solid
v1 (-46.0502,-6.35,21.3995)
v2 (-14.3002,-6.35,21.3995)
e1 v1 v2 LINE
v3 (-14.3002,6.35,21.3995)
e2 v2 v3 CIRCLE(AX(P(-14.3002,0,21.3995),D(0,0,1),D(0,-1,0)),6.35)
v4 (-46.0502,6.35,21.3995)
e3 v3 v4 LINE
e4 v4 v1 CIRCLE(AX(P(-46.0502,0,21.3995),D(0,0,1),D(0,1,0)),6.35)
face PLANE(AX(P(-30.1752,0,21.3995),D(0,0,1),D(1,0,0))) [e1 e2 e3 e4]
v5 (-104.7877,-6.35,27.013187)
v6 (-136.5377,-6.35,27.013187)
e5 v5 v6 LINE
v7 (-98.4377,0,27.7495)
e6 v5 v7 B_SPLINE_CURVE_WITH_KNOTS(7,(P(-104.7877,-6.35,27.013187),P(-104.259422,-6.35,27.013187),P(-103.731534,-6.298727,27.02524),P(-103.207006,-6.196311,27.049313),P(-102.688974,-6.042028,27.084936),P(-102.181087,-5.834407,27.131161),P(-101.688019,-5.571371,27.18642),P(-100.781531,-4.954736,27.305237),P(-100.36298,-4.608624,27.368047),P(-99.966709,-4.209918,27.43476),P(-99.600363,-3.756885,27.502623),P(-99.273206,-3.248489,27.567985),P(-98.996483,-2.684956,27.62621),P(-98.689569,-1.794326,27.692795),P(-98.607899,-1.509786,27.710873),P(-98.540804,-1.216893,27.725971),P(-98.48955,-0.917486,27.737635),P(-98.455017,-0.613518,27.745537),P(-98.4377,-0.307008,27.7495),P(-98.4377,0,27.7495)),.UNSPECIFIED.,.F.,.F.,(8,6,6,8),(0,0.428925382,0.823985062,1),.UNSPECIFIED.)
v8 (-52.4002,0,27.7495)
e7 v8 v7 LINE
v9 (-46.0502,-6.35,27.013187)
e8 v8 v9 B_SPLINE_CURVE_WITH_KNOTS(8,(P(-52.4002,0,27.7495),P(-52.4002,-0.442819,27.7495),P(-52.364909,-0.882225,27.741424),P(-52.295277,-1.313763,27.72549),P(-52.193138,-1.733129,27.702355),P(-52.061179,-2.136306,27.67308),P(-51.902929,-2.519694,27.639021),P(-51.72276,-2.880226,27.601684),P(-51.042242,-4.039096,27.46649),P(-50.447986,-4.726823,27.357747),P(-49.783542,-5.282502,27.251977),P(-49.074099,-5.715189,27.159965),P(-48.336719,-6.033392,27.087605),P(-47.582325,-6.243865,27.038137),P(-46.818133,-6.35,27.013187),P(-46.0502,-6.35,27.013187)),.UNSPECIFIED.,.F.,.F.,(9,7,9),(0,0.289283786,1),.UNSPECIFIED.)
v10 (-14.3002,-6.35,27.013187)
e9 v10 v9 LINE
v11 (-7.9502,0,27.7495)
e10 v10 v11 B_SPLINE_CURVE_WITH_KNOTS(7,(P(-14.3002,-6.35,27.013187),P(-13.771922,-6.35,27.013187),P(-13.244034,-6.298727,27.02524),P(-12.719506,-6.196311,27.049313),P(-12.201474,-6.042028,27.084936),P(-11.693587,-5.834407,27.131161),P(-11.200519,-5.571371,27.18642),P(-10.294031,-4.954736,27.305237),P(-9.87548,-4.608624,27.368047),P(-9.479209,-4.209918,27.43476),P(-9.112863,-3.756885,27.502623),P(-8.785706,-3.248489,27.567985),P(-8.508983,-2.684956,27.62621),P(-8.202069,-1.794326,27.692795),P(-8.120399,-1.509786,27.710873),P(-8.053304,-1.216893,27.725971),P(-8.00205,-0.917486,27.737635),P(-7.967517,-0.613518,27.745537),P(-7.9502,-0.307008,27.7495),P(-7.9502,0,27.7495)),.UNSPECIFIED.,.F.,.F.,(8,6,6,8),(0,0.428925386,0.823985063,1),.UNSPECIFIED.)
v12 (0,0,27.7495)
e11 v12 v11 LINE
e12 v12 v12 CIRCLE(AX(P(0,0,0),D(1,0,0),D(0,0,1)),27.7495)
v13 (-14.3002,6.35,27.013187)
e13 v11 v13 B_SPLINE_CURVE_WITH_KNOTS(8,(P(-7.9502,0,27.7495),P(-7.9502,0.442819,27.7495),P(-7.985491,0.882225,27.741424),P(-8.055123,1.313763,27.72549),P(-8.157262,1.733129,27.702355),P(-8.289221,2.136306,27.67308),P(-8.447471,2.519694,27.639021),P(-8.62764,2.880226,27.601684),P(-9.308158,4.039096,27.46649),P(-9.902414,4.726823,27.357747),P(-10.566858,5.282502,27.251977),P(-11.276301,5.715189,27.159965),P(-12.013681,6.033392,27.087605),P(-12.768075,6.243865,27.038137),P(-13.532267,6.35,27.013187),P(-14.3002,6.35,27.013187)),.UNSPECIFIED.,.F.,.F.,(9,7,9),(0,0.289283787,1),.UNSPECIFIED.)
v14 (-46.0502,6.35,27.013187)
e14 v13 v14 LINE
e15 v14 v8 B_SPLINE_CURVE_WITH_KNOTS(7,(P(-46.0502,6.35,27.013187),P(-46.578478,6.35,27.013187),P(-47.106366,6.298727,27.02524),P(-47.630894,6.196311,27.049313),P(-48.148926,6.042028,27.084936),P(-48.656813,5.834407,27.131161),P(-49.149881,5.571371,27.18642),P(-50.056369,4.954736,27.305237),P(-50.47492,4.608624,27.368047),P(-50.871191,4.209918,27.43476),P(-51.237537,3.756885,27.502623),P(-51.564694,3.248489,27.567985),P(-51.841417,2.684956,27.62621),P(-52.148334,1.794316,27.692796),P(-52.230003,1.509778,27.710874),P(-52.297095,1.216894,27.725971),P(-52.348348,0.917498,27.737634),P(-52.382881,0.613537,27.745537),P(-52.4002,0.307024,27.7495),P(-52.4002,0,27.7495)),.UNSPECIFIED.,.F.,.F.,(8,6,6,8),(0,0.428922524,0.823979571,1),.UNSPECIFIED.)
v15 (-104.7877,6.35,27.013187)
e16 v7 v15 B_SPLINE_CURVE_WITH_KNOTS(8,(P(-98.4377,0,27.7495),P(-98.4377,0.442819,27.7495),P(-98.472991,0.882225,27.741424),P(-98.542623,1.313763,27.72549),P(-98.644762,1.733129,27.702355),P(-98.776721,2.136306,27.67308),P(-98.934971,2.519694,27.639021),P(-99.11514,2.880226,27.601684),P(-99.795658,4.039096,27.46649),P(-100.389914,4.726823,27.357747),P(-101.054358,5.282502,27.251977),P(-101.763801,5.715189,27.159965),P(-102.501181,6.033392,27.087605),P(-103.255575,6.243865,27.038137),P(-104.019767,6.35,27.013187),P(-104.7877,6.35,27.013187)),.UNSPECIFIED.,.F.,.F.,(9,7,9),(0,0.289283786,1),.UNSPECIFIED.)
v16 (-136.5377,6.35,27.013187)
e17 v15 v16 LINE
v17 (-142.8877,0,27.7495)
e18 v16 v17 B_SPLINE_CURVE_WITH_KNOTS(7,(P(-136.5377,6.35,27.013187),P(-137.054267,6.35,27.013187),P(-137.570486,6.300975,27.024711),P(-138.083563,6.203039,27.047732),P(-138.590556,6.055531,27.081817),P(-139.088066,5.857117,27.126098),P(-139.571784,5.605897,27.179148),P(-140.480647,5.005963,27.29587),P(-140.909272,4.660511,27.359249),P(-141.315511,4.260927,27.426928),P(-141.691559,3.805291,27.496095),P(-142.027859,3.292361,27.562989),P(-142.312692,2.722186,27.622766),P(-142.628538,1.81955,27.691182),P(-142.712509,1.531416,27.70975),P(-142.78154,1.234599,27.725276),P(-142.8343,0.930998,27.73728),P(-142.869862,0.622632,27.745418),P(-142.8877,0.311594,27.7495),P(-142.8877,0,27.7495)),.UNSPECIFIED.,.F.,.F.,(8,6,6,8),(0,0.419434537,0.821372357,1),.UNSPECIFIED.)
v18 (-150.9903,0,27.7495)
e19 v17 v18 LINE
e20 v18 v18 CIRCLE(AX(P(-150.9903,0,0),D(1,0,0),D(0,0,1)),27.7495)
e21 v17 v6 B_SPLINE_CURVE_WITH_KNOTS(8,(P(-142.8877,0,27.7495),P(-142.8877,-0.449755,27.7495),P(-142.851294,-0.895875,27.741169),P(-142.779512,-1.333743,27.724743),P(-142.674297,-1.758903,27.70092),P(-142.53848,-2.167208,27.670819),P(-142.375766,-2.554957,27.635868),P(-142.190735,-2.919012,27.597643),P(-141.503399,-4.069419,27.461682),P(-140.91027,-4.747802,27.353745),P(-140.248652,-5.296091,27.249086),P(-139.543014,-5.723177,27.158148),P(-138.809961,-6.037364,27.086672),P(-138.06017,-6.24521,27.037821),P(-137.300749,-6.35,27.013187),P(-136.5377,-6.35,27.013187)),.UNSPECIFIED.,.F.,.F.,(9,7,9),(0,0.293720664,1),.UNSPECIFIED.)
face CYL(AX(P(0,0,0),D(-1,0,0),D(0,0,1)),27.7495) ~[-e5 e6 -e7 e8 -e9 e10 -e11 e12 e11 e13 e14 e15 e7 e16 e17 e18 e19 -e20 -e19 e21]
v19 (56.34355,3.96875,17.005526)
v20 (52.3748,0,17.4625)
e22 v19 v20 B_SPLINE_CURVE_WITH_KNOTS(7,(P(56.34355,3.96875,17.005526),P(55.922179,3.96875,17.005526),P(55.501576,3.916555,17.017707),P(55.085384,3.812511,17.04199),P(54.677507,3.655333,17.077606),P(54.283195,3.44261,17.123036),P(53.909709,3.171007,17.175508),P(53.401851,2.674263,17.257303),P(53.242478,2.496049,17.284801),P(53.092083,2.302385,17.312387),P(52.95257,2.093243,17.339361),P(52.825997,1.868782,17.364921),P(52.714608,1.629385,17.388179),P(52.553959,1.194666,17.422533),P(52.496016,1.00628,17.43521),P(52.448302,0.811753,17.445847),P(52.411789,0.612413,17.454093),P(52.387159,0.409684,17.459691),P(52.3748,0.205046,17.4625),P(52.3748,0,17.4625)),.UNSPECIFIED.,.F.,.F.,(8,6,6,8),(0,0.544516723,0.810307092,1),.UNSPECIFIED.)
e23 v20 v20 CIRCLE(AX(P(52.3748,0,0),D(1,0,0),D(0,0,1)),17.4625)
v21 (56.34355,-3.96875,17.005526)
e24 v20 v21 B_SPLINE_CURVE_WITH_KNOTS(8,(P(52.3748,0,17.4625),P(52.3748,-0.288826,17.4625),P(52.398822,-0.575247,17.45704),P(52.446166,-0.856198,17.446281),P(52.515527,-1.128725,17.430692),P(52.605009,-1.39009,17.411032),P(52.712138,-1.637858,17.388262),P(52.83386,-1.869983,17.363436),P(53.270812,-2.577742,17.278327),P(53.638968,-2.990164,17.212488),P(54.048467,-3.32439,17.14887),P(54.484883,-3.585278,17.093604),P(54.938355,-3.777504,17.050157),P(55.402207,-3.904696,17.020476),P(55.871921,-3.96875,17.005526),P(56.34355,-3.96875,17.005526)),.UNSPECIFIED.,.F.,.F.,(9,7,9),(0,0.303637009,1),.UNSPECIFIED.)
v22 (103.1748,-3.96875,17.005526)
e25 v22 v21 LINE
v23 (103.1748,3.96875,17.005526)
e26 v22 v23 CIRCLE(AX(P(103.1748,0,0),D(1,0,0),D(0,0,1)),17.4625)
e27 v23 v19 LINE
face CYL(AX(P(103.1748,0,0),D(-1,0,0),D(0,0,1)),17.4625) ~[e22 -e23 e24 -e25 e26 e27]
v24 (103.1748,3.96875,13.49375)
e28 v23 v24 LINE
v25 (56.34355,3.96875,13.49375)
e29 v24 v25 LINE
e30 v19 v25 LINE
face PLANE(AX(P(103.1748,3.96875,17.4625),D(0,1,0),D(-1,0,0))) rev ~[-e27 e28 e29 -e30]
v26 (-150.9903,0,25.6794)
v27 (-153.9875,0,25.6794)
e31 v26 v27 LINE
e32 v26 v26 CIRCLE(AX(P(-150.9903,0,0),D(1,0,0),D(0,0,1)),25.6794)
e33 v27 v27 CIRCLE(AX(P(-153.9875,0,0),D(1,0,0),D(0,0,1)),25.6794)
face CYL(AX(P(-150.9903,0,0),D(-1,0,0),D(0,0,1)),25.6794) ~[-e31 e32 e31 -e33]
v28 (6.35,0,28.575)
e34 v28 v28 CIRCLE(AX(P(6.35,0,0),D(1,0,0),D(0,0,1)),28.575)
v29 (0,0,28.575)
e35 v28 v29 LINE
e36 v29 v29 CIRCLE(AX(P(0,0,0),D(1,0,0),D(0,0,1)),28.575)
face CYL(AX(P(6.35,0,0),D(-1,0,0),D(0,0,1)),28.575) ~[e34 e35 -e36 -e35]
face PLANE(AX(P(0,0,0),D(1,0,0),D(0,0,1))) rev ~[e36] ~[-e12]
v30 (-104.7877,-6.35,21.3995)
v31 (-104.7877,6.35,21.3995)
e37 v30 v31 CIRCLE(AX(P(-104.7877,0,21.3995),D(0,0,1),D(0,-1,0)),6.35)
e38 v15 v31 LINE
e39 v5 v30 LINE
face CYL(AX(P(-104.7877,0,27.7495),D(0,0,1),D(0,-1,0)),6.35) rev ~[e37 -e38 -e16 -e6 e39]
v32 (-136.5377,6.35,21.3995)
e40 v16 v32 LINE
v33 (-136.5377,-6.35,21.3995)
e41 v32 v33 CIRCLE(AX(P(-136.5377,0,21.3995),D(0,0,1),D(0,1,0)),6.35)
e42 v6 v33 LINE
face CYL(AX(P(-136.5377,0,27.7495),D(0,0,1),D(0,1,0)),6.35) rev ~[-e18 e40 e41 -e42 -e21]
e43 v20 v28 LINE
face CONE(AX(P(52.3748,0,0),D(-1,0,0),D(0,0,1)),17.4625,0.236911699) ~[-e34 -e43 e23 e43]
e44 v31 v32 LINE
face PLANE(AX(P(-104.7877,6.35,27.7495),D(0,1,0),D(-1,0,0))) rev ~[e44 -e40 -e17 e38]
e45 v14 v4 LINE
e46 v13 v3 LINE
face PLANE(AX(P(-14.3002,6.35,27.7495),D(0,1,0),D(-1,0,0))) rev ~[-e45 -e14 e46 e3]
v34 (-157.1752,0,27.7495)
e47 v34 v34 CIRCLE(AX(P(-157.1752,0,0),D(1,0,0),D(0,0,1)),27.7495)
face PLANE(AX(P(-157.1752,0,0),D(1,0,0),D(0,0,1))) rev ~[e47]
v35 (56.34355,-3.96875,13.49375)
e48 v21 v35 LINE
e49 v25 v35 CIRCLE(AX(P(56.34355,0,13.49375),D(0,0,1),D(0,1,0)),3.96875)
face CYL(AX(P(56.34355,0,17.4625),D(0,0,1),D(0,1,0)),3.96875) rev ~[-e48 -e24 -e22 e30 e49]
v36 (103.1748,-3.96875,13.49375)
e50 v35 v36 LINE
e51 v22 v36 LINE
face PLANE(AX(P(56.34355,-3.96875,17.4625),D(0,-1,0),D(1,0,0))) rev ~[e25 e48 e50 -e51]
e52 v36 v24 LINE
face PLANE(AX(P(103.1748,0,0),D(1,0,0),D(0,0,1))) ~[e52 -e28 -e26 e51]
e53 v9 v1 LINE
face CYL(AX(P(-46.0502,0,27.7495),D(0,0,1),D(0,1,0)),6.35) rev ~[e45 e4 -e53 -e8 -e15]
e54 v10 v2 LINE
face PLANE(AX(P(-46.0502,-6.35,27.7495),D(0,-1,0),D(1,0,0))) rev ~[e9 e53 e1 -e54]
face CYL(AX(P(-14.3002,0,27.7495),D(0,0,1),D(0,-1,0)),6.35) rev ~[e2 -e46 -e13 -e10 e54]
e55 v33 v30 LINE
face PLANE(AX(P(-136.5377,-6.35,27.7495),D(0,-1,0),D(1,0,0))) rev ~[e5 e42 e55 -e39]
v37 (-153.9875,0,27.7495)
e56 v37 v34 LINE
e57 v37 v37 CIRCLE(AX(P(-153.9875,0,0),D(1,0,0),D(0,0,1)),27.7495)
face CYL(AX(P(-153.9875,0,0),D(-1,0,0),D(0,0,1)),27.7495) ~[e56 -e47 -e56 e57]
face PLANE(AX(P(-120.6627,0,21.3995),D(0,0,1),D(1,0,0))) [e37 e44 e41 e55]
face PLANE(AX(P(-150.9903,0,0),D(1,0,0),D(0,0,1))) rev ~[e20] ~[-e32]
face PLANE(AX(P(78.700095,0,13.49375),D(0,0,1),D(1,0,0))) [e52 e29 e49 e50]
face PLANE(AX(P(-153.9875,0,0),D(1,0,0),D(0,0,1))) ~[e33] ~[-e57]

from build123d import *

# Parameters (mm, degrees)
F5_DEPTH = 6.35
F7_DEPTH = 3.96875


with BuildPart() as f1:
    # F0 (on Front) → F1 (revolve)
    with BuildSketch(Plane.XZ):
        Polygon((-157.1752, 27.7495), (-157.1752, 0), (103.1748, 0), (103.1748, 17.4625), (52.3748, 17.4625), (6.35, 28.575), (0, 28.575), (0, 27.7495), (-150.9903, 27.7495), (-150.9903, 25.6794), (-153.9875, 25.6794), (-153.9875, 27.7495), align=None)
    revolve(axis=Axis((-27.0002, 0, 0), (1, 0, 0)))

    # F4 (on offset) → F5 (cut)
    with BuildSketch(Plane.XY.offset(27.7495)):
        with BuildLine():
            Line((-104.7877, 6.35), (-136.5377, 6.35))
            ThreePointArc((-136.5377, 6.35), (-142.8877, 0), (-136.5377, -6.35))
            Line((-136.5377, -6.35), (-104.7877, -6.35))
            ThreePointArc((-104.7877, -6.35), (-98.4377, 0), (-104.7877, 6.35))
        make_face()
        with BuildLine():
            Line((-14.3002, 6.35), (-46.0502, 6.35))
            ThreePointArc((-46.0502, 6.35), (-52.4002, 0), (-46.0502, -6.35))
            Line((-46.0502, -6.35), (-14.3002, -6.35))
            ThreePointArc((-14.3002, -6.35), (-7.9502, 0), (-14.3002, 6.35))
        make_face()
    extrude(amount=-F5_DEPTH, mode=Mode.SUBTRACT)

    # F6 (on offset) → F7 (cut)
    with BuildSketch(Plane.XY.offset(17.4625)):
        with BuildLine():
            Line((103.1748, 3.96875), (56.34355, 3.96875))
            ThreePointArc((56.34355, 3.96875), (52.3748, 0), (56.34355, -3.96875))
            Line((56.34355, -3.96875), (103.1748, -3.96875))
            Line((103.1748, -3.96875), (103.1748, 3.96875))
        make_face()
    extrude(amount=-F7_DEPTH, mode=Mode.SUBTRACT)


solid = f1.part
